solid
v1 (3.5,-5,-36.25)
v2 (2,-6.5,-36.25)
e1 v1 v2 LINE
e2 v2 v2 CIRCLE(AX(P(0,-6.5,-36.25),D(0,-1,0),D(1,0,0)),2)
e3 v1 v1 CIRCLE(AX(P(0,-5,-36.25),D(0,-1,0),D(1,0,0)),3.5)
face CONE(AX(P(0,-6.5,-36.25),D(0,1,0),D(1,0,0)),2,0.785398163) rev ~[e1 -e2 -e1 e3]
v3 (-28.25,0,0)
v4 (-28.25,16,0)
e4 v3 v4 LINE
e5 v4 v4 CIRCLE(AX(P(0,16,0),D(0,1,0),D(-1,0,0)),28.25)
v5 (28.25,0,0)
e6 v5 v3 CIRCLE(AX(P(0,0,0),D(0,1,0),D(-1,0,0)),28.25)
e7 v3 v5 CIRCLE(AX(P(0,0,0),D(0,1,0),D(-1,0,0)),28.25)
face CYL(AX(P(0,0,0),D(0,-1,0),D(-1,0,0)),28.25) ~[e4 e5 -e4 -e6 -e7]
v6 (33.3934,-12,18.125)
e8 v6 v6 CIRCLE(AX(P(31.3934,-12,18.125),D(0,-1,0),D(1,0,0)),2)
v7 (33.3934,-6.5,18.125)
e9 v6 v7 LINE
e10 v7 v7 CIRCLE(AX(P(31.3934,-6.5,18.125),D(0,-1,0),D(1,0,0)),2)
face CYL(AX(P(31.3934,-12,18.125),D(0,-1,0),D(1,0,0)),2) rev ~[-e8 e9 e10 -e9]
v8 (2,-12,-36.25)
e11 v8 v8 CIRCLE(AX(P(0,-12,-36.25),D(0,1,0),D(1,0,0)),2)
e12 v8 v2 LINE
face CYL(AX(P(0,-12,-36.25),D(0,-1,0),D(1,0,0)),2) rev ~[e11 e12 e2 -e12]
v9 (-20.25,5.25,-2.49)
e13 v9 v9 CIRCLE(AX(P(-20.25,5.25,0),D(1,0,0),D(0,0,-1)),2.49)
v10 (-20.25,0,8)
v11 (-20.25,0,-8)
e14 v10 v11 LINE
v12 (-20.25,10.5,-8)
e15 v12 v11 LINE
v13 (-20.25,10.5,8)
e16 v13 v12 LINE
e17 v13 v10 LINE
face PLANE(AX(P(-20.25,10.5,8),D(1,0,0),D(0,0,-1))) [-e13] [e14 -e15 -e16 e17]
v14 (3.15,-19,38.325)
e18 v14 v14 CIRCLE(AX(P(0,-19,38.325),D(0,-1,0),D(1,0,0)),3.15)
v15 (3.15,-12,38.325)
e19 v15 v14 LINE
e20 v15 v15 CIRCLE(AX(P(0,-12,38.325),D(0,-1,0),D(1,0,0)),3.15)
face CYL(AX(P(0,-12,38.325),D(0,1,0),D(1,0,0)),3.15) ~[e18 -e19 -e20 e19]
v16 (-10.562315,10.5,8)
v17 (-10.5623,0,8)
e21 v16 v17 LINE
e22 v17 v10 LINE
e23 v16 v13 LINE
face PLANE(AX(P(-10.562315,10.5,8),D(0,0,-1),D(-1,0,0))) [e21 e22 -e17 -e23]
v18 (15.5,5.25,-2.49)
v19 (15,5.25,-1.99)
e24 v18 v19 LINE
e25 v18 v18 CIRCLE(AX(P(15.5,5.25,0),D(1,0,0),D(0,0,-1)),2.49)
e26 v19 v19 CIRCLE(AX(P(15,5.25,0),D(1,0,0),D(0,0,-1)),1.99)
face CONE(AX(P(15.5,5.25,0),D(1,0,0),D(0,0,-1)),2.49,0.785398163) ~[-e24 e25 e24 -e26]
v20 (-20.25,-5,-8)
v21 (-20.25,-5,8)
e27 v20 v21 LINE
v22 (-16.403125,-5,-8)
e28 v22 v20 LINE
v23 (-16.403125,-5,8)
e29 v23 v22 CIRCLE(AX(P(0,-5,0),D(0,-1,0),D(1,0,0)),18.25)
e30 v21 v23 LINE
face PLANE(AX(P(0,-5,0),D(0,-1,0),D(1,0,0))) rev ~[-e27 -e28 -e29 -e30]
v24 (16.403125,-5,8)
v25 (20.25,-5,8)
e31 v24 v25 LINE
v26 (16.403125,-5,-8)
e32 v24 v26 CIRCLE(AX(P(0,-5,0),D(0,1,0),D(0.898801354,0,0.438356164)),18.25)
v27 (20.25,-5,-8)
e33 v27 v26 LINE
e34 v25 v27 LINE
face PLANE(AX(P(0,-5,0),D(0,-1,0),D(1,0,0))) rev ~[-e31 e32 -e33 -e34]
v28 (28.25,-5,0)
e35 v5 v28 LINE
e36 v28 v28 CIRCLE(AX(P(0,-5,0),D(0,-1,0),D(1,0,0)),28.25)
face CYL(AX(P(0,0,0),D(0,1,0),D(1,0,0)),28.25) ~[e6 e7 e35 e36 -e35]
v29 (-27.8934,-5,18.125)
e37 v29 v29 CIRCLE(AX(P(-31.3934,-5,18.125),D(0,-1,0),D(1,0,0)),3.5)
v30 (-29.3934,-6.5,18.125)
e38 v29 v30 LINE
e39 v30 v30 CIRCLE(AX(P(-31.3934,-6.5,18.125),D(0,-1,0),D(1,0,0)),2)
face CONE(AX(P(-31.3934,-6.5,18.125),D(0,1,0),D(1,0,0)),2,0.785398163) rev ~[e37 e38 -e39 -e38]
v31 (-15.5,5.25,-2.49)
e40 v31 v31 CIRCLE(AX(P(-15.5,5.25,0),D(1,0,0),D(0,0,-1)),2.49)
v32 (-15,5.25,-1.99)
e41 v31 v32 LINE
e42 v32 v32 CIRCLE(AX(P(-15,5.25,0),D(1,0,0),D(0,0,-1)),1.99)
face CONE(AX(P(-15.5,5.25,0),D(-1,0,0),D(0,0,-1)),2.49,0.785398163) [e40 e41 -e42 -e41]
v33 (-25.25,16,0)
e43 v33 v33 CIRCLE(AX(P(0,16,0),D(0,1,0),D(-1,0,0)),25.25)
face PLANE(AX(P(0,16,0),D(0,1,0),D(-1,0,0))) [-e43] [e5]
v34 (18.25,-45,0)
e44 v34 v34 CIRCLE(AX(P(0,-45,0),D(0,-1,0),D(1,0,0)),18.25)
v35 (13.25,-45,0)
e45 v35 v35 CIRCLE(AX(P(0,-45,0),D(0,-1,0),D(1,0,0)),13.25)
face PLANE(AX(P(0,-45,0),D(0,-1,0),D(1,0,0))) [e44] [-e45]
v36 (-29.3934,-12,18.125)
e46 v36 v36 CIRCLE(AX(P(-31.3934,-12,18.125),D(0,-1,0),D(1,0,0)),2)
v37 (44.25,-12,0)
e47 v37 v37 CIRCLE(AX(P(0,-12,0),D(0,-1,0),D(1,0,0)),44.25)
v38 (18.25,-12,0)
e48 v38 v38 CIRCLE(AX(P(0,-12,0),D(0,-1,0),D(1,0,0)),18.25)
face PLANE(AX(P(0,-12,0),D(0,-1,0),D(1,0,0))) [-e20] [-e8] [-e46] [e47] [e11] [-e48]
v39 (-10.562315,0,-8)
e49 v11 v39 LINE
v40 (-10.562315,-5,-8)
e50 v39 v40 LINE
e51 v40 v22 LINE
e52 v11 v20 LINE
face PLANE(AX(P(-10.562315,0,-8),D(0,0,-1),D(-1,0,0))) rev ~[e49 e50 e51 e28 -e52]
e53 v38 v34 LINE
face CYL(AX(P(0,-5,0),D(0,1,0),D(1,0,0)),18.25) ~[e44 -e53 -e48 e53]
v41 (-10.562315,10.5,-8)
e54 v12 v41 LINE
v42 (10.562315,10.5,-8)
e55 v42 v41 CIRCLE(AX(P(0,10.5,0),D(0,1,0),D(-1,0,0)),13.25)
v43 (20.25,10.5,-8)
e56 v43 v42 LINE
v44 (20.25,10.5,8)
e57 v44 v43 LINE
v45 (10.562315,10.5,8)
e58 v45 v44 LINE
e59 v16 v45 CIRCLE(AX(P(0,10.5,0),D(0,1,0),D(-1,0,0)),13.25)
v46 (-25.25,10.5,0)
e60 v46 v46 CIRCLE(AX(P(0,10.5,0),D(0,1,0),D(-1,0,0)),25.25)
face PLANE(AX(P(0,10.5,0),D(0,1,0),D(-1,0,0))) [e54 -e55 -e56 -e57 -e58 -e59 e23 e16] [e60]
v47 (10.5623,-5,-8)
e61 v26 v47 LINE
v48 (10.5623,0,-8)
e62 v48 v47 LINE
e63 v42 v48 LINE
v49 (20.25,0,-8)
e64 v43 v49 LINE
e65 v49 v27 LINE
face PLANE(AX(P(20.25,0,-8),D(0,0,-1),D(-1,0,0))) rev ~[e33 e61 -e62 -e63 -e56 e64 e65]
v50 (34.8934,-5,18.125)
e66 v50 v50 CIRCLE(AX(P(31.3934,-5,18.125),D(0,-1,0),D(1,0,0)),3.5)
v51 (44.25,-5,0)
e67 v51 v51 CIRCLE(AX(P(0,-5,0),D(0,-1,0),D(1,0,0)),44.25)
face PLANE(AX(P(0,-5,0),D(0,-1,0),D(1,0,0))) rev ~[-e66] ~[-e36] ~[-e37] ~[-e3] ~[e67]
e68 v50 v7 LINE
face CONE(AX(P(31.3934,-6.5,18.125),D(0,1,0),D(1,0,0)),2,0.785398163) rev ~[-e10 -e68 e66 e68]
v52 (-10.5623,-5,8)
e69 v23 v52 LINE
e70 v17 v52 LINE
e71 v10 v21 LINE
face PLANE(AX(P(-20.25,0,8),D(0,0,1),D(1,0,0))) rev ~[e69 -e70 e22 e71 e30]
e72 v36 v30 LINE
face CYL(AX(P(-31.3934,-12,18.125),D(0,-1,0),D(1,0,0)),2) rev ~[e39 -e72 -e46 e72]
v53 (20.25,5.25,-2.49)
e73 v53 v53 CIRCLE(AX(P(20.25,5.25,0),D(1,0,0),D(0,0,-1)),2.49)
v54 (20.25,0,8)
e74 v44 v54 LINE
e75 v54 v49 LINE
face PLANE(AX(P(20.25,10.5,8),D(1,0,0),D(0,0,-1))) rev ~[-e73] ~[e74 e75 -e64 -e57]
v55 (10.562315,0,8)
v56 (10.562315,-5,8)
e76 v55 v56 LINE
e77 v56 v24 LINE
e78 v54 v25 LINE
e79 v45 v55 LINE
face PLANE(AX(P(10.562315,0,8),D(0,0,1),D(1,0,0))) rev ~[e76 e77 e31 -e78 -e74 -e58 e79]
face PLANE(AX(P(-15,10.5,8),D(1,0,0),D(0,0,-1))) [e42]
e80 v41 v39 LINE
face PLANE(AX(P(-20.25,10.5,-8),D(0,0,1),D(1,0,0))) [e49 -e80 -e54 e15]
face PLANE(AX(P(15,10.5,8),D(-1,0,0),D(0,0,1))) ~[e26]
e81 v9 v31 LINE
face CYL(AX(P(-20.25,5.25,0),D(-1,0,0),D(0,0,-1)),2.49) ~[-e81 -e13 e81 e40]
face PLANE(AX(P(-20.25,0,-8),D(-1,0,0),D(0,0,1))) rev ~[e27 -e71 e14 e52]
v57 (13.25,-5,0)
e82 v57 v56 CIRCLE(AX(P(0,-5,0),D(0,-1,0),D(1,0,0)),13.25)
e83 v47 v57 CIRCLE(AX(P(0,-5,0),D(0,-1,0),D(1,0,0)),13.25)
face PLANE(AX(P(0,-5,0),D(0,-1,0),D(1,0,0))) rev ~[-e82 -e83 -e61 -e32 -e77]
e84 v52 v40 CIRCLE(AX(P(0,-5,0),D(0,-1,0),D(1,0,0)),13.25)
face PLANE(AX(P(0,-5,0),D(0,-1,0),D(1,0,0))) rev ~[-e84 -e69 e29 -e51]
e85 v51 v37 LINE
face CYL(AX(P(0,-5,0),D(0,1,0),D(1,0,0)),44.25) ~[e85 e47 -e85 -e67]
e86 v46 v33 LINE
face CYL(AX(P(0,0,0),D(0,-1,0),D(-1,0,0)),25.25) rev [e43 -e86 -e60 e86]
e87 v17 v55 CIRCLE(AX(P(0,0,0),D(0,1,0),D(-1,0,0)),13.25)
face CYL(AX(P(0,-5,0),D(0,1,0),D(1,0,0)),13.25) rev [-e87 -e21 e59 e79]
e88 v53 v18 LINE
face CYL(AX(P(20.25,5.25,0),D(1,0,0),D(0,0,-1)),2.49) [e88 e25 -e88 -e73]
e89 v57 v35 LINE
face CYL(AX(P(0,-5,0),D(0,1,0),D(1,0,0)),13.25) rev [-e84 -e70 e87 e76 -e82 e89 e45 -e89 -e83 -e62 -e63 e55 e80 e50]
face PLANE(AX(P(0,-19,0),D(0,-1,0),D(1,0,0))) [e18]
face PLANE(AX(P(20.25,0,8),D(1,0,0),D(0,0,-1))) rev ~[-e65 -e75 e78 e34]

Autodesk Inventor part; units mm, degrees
ref_plane "YZ Plane" through (0, 0, 0) normal (1, 0, 0) x (0, 1, 0)
ref_plane "XZ Plane" through (0, 0, 0) normal (0, 1, 0) x (-1, 0, 0)
sketch "Sketch1" plane through (0, 0, 0) normal (0, 1, 0) x (-1, 0, 0)
  circle A0 centre (0, 0) radius 13.25
  circle A1 centre (0, 0) radius 25.25
  circle A2 centre (0, 0) radius 28.25
  dimension "d0" = 26.5
  dimension "d1" = 12
  dimension "d2" = 3
extrude "Extrusion1" add sketch "Sketch1" along normal blind 16 contours A2
extrude "Extrusion2" add sketch "Sketch1" along normal blind 10.5 contours A1
sketch "Sketch2" plane through (0, 10.5, 0) normal (0, 1, 0) x (1, 0, 0)
  line L0 (0, -8) -> (20.25, -8)
  line L1 (20.25, -8) -> (20.25, 8)
  line L2 (20.25, 8) -> (0, 8)
  line L3 (0, 8) -> (0, -8)
  circle A0 centre (0, 0) radius 13.25 projected
  line L4 (0, -8) -> (-20.25, -8)
  line L5 (-20.25, -8) -> (-20.25, 8)
  line L6 (-20.25, 8) -> (0, 8)
  point P0 (10.5623, 8)
  point P1 (10.5623, -8)
  point P2 (-10.5623, -8)
  point P3 (-10.5623, 8)
  dimension "d7" = 20.25
  dimension "d8" = 0
  dimension "d9" = 16
extrude "Extrusion3" cut sketch "Sketch2" against normal blind 10.5 contours A0 L2 L1 L0 | L4 L5 L6 A0
sketch "Sketch3" plane through (-20.25, 10.5, 8) normal (1, 0, 0) x (0, 0, -1)
  circle A0 centre (8, -5.25) radius 2.49
  line L0 (0, 0) -> (16, 0) projected
  line L1 (0, 0) -> (0, -10.5) projected
  point P0 (8, -10.5)
  point P1 (8, 0)
  point P2 (0, -5.25)
  dimension "d12" = 4.98
  dimension "d13" = 0
  dimension "d14" = 0
extrude "Extrusion4" add sketch "Sketch3" along normal blind 5.25
chamfer "Chamfer1" distance 0.5 angle 45 1 edges at (-15, 5.25, 2.49)
ref_plane "Work Plane1" through (0, 0, 0) normal (1, 0, 0) x (0, 0, -1)
mirror "Mirror1" about plane through (0, 0, 0) normal (1, 0, 0) of "Extrusion4", "Chamfer1"
sketch "Sketch4" plane through (0, 0, 0) normal (0, -1, 0) x (1, 0, 0)
  circle A0 centre (0, 0) radius 28.25
  line L0 (20.25, -8) -> (10.5623, -8) projected
  line L1 (-20.25, 8) -> (-10.5623, 8) projected
  line L2 (20.25, -8) -> (-20.25, -8)
  line L3 (-20.25, -8) -> (-20.25, 8)
  line L4 (-20.25, 8) -> (20.25, 8)
  line L5 (20.25, 8) -> (20.25, -8)
  circle A1 centre (0, 0) radius 13.25
  point P0 (10.5623, 8)
  point P1 (-10.5623, -8)
extrude "Extrusion5" add sketch "Sketch4" along normal blind 5
sketch "Sketch5" plane through (0, -5, 0) normal (0, -1, 0) x (1, 0, 0)
  circle A0 centre (0, 0) radius 13.25
  circle A1 centre (0, 0) radius 18.25
  circle A2 centre (0, 0) radius 44.25
  dimension "d22" = 5
  dimension "d23" = 26
extrude "Extrusion6" add sketch "Sketch5" along normal blind 40 contours A1
extrude "Extrusion7" add sketch "Sketch5" along normal blind 7 contours A2
sketch "Sketch6" plane through (0, -12, 0) normal (0, -1, 0) x (1, 0, 0)
  circle A0 centre (0, 38.325) radius 3.15
  point P0 (0, 0)
  dimension "d28" = 6.3
  dimension "d29" = 38.325
extrude "Extrusion8" add sketch "Sketch6" along normal blind 7
sketch "Sketch7" plane through (0, -12, 0) normal (0, -1, 0) x (1, 0, 0)
  circle A0 centre (0, 0) radius 28.25 projected
  line L0 (0, -28.25) -> (0, -44.25)
  circle A1 centre (0, 0) radius 44.25 projected
  circle A2 centre (0, -36.25) radius 2
  circle A3 centre (31.3934, 18.125) radius 2
  circle A4 centre (-31.3934, 18.125) radius 2
  dimension "d32" = 4
  dimension "d35" = 360
extrude "Extrusion9" cut sketch "Sketch7" against normal blind 7 contours A2 L0 | L0 A2 | A3 | A4
chamfer "Chamfer2" distance 1.5 angle 45 3 edges at (29.3934, -5, 18.125) (-33.3934, -5, 18.125) (-2, -5, -36.25)
properties part number "birdhouse_holder_v1"
